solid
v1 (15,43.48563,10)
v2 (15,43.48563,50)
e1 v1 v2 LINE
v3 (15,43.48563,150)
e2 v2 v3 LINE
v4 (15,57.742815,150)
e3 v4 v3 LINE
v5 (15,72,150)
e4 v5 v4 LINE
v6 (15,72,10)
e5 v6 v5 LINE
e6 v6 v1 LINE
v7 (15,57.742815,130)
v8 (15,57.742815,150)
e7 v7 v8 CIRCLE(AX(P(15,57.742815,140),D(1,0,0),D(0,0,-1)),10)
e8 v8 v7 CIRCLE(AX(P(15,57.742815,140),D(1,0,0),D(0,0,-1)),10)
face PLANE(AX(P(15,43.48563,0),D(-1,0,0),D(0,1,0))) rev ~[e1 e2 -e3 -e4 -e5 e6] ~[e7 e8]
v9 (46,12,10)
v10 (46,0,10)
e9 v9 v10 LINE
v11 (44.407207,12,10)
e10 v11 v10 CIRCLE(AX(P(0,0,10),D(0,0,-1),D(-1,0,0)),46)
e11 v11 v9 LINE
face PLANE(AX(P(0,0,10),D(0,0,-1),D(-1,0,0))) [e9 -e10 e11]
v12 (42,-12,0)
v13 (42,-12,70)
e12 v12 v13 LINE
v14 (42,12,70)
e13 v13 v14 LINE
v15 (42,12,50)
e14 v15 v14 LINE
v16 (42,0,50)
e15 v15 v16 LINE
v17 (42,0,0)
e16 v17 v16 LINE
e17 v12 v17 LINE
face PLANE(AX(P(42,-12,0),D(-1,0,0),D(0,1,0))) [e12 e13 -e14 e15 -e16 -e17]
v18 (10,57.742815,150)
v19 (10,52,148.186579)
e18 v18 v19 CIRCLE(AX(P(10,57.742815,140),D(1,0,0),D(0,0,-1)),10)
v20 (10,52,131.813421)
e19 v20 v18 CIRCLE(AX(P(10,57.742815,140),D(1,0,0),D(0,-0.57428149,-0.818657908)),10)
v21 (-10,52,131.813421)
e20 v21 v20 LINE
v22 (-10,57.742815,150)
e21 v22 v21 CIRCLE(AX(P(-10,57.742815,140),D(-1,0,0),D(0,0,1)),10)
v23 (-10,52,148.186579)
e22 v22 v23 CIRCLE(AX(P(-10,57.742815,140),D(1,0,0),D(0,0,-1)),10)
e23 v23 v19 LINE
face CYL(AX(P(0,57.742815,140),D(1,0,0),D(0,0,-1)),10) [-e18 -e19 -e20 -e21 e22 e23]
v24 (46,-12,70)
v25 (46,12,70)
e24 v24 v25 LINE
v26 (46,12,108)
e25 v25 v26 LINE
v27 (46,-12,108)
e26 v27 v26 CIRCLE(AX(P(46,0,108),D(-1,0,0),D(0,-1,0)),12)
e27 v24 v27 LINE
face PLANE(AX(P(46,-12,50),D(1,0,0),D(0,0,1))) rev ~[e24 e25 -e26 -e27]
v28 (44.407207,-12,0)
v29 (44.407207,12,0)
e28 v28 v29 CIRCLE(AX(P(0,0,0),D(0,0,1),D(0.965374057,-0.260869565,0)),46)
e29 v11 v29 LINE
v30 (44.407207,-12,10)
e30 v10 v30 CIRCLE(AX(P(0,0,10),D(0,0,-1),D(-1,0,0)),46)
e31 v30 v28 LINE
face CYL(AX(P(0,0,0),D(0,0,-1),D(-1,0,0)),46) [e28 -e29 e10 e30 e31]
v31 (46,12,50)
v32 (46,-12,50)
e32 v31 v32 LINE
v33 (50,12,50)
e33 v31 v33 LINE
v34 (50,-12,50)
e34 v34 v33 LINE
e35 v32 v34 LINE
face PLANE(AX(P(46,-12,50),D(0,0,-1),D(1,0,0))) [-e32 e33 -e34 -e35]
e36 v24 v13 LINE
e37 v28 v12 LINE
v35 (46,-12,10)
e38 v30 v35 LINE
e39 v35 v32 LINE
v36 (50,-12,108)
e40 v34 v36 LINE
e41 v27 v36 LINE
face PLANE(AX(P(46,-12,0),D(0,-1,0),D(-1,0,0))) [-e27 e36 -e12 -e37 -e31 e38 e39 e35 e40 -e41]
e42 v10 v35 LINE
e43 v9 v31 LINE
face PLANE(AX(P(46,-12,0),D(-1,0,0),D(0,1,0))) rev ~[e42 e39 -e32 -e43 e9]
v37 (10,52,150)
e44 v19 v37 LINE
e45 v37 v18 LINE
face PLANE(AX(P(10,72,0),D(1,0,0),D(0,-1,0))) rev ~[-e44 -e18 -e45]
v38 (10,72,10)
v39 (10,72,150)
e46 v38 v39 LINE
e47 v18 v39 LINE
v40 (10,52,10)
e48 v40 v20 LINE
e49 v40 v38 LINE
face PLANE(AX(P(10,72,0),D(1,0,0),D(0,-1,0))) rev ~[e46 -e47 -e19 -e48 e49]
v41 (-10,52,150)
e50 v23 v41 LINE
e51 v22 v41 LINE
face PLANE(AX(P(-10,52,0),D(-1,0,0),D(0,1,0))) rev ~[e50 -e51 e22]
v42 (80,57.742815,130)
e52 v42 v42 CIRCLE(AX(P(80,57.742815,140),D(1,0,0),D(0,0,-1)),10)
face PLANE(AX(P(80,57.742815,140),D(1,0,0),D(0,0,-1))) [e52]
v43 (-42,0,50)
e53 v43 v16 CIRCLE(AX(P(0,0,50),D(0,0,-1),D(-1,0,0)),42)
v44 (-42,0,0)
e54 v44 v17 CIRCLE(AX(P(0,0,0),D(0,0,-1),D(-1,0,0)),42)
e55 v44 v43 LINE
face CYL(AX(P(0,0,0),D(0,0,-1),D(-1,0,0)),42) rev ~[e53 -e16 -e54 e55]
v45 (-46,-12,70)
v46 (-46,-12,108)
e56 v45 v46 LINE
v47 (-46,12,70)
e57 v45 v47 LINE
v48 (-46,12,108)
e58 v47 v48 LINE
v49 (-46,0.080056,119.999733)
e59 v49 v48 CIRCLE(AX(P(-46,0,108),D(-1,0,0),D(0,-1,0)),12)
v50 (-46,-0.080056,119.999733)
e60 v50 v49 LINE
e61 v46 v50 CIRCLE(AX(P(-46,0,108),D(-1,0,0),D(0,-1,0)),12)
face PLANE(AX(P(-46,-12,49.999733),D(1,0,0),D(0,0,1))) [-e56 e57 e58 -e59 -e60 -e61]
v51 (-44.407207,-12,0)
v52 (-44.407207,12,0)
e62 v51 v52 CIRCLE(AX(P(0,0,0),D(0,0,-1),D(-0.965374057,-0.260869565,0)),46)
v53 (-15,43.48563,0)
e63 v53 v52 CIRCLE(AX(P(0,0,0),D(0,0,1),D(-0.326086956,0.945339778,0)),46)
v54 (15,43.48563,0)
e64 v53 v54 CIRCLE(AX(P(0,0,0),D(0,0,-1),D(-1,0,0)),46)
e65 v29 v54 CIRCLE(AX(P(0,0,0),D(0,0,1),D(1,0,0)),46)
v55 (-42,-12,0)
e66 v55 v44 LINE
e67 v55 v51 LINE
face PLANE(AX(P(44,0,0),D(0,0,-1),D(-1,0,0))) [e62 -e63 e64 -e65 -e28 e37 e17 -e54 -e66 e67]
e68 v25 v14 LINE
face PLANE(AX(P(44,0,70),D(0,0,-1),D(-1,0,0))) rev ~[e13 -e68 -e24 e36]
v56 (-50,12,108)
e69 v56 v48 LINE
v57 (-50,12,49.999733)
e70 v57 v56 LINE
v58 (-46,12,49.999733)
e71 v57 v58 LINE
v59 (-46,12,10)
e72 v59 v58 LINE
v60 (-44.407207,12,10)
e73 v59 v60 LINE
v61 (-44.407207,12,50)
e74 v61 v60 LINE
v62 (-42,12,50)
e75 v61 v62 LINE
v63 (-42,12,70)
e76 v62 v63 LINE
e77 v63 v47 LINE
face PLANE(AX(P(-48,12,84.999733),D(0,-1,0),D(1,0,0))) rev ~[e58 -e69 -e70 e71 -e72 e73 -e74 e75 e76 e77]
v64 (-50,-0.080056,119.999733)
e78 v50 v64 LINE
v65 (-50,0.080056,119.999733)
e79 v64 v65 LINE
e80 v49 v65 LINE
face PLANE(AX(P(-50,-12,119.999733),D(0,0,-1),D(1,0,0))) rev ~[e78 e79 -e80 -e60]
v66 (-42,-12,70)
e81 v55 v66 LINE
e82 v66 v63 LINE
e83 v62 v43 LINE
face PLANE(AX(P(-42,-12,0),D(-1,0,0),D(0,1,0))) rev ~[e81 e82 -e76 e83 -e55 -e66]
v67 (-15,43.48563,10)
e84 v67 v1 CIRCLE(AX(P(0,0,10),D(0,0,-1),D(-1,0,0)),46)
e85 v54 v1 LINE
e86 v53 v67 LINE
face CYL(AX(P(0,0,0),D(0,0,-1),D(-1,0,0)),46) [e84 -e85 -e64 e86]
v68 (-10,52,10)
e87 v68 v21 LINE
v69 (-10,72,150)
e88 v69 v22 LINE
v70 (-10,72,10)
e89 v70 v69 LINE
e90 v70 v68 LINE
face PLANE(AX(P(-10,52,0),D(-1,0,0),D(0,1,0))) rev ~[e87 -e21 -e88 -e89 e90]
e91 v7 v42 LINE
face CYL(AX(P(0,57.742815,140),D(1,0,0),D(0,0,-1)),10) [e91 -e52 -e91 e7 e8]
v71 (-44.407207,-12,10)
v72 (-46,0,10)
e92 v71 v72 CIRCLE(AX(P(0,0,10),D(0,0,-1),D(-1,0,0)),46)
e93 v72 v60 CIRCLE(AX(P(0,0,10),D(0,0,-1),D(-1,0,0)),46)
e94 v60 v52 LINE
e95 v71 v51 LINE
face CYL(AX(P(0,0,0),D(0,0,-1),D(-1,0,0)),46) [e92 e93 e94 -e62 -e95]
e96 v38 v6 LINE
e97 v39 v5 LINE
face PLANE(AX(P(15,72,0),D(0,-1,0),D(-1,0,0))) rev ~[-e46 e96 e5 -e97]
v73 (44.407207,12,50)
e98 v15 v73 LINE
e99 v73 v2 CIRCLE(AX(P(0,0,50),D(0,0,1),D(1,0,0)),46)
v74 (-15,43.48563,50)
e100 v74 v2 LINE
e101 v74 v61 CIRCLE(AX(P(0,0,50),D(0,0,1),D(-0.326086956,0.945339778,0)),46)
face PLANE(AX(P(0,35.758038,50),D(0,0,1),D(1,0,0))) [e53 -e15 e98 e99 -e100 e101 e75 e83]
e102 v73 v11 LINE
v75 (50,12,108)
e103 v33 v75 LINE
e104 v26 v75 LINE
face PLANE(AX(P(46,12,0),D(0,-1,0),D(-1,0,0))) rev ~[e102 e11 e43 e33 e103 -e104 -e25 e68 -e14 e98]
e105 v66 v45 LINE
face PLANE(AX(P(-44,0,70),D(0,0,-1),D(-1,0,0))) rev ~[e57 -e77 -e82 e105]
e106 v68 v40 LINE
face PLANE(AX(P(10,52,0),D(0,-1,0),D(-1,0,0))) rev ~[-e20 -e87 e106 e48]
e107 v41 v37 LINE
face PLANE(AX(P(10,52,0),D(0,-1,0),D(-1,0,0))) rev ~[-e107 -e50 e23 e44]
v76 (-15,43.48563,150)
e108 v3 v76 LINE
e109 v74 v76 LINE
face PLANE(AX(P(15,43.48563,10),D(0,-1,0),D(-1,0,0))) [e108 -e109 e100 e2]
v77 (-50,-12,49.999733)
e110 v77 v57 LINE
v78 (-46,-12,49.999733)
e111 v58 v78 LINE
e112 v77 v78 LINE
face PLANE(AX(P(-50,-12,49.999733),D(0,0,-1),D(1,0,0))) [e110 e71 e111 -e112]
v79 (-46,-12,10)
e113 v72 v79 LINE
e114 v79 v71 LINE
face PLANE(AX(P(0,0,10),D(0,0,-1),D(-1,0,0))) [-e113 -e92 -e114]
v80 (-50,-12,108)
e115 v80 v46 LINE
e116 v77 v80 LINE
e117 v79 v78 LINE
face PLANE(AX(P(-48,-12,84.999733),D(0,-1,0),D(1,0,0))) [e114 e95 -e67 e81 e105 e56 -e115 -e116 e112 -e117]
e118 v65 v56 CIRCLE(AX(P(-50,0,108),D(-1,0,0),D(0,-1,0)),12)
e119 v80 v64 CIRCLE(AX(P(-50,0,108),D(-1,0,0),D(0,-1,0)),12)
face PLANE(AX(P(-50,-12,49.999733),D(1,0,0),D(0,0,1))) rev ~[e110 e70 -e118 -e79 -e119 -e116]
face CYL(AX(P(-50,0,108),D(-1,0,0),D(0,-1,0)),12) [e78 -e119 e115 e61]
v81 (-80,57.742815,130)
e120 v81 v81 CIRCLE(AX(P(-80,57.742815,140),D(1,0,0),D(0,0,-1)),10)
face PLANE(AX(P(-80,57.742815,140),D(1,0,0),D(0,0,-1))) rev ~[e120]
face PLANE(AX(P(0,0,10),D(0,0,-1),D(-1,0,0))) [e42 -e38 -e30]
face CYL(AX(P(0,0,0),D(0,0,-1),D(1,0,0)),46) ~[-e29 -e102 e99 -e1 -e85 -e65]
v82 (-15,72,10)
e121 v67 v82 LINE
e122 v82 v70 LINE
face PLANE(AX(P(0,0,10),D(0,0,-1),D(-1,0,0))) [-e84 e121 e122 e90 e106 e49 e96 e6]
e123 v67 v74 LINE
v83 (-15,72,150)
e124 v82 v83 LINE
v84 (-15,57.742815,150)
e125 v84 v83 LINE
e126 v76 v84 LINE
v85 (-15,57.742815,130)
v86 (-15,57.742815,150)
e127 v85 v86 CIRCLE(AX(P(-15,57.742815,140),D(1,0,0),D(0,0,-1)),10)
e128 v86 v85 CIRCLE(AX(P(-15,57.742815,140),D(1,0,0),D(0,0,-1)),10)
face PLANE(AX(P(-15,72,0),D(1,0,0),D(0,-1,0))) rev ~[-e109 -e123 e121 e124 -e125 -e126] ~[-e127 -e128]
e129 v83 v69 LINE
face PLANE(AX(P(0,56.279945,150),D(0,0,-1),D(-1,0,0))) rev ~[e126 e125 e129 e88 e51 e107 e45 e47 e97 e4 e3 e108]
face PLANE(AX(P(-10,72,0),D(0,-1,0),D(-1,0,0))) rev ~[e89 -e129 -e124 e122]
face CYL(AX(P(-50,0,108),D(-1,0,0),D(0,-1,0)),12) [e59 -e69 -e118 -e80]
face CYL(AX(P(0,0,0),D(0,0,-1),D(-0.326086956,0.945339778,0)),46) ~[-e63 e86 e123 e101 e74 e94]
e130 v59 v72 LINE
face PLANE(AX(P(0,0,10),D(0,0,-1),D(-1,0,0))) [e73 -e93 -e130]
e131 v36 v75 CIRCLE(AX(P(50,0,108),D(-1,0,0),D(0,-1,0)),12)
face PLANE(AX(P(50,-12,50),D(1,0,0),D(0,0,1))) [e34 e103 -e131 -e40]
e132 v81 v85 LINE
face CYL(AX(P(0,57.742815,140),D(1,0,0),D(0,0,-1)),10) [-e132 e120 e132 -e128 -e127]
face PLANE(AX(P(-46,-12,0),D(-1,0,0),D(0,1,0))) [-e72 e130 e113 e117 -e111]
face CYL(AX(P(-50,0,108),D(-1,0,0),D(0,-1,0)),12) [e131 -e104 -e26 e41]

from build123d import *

# Parameters (mm, degrees)
EXTRUDE_1_DEPTH     = 50
SKETCH_3_W          = 4
SKETCH_3_H          = 24
EXTRUDE_2_DEPTH     = 70
SKETCH_5_R          = 80
SKETCH_5_R_2        = 46
CUT_EXTRUDE_2_DEPTH = 10
EXTRUDE_4_DEPTH     = 140
SKETCH_10_R         = 10
EXTRUDE_5_DEPTH     = 80
SKETCH_12_W         = 4
SKETCH_12_H         = 70
EXTRUDE_6_DEPTH     = 24
CUT_EXTRUDE_3_DEPTH = 131


with BuildPart() as part:
    # 草图2 → 凸台-拉伸1 (new body)
    with BuildSketch(Plane.XY):
        with BuildLine():
            Line((-46, 0), (-42, 0))
            ThreePointArc((-42, 0), (0, 42), (42, 0))
            Line((42, 0), (46, 0))
            ThreePointArc((46, 0), (37.456641601, 26.702059846), (15, 43.48562981))
            Line((15, 43.48562981), (15, 72))
            Line((15, 72), (10, 72))
            Line((10, 72), (10, 52))
            Line((10, 52), (-10, 52))
            Line((-10, 52), (-10, 72))
            Line((-10, 72), (-15, 72))
            Line((-15, 72), (-15, 43.48562981))
            ThreePointArc((-15, 43.48562981), (-37.456641601, 26.702059846), (-46, 0))
        make_face()
    extrude(amount=EXTRUDE_1_DEPTH)

    # 草图3 → 凸台-拉伸2 (add)
    with BuildSketch(Plane(origin=(0, 0, 0), x_dir=(-1, 0, 0), z_dir=(0, 0, -1))):
        with Locations((-44, 0)):
            Rectangle(SKETCH_3_W, SKETCH_3_H)
        with Locations((44, 0)):
            Rectangle(SKETCH_3_W, SKETCH_3_H)
    extrude(amount=-EXTRUDE_2_DEPTH)

    # 草图5 → 切除-拉伸2 (cut)
    with BuildSketch(Plane(origin=(0, 0, 0), x_dir=(-1, 0, 0), z_dir=(0, 0, -1))):
        Circle(SKETCH_5_R)
        Circle(SKETCH_5_R_2, mode=Mode.SUBTRACT)
    extrude(amount=-CUT_EXTRUDE_2_DEPTH, mode=Mode.SUBTRACT)

    # 草图9 → 凸台-拉伸4 (add)
    with BuildSketch(Plane(origin=(0, 0, 10), x_dir=(-1, 0, 0), z_dir=(0, 0, -1))):
        Polygon((-15, 72), (-15, 43.48562981), (15, 43.48562981), (15, 72), (10, 72), (10, 52), (-10, 52), (-10, 72), align=None)
    extrude(amount=-EXTRUDE_4_DEPTH)

    # 草图10 → 凸台-拉伸5 (add, symmetric)
    with BuildSketch(Plane(origin=(0, 0, 0), x_dir=(0, 0, -1), z_dir=(1, 0, 0))):
        with Locations((-140, 57.742814905)):
            Circle(SKETCH_10_R)
    extrude(amount=EXTRUDE_5_DEPTH, both=True)

    # 草图12 → 凸台-拉伸6 (add)
    with BuildSketch(Plane.XZ.offset(12)):
        with Locations((-48, 84.999732959)):
            Rectangle(SKETCH_12_W, SKETCH_12_H)
        with Locations((48, 85)):
            Rectangle(SKETCH_12_W, SKETCH_12_H)
    extrude(amount=-EXTRUDE_6_DEPTH)

    # 草图13 → 切除-拉伸3 (cut, through all)
    with BuildSketch(Plane.ZY.offset(50)):
        with BuildLine():
            Line((108, 12), (128.196913472, 12))
            Line((128.196913472, 12), (128.196913472, -12))
            Line((128.196913472, -12), (108, -12))
            ThreePointArc((108, -12), (120, 0), (108, 12))
        make_face()
    extrude(amount=-CUT_EXTRUDE_3_DEPTH, mode=Mode.SUBTRACT)


solid = part.part
